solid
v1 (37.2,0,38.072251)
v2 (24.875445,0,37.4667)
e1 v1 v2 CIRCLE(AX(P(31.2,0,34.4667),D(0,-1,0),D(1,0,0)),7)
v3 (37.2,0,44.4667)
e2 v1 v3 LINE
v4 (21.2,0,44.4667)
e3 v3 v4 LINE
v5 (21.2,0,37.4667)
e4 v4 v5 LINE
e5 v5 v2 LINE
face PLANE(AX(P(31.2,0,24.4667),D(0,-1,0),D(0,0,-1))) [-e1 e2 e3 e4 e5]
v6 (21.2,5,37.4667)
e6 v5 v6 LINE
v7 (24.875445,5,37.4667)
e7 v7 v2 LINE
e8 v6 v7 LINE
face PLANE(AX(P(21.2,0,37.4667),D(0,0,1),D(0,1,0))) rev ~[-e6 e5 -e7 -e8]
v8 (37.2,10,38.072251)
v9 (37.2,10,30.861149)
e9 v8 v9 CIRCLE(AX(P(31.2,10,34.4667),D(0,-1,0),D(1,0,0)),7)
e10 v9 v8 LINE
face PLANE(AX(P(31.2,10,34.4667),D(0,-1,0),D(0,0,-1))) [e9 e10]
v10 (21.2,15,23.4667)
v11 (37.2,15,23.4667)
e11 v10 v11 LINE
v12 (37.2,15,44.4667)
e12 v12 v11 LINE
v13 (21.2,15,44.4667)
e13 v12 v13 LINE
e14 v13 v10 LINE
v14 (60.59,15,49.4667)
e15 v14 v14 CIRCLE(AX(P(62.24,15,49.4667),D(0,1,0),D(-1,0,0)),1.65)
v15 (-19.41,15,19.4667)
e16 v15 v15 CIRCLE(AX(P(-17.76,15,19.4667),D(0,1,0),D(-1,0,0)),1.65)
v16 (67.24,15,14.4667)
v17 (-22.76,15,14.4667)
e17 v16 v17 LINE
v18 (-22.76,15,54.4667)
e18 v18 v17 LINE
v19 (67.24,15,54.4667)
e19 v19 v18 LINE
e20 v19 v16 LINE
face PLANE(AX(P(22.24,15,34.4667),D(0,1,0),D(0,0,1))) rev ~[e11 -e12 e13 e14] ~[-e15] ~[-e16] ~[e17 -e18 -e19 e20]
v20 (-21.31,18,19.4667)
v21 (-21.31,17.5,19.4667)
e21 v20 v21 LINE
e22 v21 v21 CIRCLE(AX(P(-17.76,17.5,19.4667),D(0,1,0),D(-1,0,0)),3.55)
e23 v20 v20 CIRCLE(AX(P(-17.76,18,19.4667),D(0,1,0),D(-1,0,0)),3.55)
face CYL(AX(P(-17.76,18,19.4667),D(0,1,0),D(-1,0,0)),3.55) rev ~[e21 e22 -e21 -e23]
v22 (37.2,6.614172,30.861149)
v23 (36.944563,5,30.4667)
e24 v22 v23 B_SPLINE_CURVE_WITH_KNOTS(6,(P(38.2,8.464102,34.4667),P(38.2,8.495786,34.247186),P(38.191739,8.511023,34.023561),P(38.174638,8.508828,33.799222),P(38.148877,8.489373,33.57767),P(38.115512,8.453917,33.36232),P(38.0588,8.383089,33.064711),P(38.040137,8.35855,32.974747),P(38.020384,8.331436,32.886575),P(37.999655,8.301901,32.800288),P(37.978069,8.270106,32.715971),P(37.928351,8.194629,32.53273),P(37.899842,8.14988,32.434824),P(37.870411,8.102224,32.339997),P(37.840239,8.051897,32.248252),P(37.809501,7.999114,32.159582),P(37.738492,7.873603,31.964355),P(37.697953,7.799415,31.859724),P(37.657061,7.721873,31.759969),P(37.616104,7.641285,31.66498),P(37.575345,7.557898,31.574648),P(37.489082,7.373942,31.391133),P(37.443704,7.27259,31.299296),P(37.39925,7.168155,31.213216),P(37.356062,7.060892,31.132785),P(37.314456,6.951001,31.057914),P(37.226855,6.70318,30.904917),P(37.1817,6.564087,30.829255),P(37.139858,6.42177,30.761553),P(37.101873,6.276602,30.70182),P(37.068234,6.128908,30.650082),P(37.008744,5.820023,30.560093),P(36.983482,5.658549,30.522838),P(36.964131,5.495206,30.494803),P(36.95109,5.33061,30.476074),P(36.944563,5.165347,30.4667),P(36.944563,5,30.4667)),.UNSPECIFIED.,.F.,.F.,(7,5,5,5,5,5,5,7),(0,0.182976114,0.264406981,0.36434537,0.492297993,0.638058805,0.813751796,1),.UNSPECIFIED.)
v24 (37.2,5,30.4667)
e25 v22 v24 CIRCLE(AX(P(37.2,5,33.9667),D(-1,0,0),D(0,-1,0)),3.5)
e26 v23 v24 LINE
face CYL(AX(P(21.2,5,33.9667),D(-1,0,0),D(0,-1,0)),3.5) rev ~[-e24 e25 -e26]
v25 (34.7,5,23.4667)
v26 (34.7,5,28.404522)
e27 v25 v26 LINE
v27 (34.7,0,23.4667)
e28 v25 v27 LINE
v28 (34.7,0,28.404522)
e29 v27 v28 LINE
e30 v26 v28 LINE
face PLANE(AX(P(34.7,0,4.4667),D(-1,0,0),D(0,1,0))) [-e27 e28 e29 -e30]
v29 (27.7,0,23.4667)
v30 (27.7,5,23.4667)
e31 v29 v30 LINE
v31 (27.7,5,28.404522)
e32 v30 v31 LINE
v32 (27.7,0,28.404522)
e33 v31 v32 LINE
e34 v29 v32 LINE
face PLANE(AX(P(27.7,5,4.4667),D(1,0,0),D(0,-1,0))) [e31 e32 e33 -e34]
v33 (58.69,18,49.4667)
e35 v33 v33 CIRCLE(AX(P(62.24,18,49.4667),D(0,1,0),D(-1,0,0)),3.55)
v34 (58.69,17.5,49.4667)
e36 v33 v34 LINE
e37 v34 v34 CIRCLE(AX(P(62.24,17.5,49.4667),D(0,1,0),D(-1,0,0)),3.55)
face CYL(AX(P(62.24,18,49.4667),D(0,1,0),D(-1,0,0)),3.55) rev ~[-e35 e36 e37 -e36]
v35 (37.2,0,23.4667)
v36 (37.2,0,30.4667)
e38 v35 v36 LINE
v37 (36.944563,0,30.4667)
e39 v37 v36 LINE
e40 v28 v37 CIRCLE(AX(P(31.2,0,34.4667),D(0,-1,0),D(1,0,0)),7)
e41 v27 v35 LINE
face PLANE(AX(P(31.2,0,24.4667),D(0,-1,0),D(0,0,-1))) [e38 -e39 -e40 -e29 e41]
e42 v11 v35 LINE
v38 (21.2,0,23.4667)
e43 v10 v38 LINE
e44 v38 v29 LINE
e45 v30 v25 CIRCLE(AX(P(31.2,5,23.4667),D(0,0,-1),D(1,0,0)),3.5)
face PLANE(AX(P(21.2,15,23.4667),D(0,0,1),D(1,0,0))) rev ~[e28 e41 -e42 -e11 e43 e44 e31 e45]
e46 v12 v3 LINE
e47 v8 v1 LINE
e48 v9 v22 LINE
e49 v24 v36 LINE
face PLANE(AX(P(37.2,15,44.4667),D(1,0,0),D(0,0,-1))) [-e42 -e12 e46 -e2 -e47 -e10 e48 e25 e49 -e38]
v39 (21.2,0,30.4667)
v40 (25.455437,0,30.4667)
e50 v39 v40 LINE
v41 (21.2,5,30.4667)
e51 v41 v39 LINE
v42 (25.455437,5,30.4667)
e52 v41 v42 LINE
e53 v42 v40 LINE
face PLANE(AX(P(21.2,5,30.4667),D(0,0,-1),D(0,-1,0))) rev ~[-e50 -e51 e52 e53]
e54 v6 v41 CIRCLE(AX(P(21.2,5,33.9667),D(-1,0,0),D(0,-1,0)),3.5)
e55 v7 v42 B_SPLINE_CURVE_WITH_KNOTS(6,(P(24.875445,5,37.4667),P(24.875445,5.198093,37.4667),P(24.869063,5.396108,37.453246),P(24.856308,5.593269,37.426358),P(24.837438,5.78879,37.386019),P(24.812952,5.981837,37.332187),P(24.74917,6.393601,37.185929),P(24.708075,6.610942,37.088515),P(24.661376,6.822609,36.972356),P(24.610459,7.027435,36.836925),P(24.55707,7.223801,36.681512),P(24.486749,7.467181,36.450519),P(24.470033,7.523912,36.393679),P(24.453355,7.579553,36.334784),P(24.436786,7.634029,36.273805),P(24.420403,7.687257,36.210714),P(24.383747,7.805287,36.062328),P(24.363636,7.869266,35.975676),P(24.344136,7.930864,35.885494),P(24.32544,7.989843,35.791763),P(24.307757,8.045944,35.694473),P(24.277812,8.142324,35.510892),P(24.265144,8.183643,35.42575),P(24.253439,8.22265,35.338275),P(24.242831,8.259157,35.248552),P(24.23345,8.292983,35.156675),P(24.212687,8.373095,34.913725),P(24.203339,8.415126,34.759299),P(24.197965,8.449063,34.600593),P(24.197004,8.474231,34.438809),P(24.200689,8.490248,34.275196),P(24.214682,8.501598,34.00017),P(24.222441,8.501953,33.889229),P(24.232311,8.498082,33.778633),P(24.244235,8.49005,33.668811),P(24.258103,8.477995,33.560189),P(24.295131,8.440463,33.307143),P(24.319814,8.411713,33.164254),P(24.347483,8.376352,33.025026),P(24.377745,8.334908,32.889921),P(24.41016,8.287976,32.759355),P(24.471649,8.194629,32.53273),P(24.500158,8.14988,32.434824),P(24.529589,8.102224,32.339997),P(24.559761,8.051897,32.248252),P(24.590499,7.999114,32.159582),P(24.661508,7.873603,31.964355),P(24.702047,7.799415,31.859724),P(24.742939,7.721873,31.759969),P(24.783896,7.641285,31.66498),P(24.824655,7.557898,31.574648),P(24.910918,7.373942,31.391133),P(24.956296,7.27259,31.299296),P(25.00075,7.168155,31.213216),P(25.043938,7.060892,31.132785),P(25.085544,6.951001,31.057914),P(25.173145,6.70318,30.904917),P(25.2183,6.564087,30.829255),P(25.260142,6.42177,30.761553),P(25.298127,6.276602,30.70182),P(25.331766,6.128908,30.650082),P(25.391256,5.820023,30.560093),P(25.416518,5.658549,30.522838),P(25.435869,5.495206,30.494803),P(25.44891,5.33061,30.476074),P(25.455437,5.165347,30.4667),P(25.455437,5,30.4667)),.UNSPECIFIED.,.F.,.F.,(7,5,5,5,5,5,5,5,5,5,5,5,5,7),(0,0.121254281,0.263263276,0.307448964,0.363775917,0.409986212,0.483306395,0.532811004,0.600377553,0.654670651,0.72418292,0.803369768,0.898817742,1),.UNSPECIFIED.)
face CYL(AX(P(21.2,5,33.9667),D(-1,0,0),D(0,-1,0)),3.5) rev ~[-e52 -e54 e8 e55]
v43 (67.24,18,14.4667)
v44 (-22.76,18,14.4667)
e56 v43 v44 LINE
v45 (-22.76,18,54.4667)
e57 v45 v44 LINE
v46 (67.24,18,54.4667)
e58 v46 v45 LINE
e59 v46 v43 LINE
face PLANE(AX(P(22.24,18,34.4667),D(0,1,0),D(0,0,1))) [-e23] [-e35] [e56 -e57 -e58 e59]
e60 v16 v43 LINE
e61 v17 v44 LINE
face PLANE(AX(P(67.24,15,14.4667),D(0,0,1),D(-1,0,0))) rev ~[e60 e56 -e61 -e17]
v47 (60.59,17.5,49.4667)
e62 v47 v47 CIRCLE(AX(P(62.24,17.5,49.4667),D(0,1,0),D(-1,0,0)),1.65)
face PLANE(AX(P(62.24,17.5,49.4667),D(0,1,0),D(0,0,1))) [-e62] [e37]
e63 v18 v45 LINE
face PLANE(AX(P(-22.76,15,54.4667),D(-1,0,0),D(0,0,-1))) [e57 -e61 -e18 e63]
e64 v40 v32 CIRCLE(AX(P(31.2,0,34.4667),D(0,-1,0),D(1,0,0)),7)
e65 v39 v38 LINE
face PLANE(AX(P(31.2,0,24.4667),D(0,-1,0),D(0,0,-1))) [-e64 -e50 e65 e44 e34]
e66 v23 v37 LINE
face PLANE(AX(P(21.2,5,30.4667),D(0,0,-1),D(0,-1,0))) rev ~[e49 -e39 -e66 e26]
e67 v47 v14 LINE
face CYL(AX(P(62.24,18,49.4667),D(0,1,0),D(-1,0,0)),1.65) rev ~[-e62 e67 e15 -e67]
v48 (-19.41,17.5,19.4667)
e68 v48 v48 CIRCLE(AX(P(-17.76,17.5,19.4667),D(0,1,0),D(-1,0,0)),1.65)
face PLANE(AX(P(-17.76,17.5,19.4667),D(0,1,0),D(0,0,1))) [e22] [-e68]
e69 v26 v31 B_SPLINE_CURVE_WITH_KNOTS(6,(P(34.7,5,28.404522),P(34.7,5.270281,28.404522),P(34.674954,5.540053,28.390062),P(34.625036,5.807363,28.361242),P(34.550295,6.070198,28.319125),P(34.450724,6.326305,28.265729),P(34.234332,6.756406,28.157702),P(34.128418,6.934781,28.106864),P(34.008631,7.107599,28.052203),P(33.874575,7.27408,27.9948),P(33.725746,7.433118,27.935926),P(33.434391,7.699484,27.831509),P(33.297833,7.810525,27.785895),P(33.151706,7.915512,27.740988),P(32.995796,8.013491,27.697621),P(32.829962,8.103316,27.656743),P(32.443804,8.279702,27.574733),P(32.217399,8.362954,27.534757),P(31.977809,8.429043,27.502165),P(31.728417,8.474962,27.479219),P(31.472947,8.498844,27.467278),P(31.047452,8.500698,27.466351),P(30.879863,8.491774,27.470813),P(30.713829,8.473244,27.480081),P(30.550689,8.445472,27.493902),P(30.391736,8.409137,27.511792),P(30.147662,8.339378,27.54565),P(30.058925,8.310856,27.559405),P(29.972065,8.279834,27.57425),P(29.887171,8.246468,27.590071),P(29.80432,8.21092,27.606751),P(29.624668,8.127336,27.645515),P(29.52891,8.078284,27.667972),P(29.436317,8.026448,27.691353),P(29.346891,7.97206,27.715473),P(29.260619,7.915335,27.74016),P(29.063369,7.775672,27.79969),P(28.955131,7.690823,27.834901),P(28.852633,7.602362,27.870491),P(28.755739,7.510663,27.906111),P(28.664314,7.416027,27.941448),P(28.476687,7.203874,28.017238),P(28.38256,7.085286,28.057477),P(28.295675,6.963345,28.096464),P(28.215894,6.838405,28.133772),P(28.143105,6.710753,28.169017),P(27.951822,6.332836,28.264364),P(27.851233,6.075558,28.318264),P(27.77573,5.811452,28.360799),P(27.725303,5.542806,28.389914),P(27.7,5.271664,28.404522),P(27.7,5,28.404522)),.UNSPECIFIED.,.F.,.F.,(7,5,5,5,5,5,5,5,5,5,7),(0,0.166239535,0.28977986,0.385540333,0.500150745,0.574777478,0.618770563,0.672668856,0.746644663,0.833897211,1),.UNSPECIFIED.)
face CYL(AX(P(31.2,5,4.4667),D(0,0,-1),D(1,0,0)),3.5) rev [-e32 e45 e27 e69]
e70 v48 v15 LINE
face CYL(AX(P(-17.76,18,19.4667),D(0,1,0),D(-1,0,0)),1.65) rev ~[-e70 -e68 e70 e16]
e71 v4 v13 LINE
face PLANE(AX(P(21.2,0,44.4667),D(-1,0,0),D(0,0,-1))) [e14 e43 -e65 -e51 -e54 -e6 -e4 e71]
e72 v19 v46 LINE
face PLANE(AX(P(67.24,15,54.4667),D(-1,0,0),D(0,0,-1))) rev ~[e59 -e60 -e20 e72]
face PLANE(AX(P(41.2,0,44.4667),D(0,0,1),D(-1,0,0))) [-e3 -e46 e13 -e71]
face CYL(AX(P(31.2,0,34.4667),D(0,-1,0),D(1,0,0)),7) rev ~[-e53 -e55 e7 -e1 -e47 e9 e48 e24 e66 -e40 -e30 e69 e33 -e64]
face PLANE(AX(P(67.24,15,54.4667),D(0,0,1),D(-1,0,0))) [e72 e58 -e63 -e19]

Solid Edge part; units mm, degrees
sketch "Sketch1" plane through (0, 0, 0) normal (0, -1, 0) x (1, 0, 0)
  line L0 (21.2, 4.4667) -> (41.2, 4.4667)
  line L1 (41.2, 4.4667) -> (41.2, 44.4667)
  line L2 (41.2, 44.4667) -> (21.2, 44.4667)
  line L3 (21.2, 44.4667) -> (21.2, 4.4667)
  dimension "D1" = 20
  dimension "D2" = 40
extrude "Protrusion1" add sketch "Sketch1" against normal blind 15
sketch "Sketch2" plane through (31.2, 0, 24.4667) normal (0, -1, 0) x (1, 0, 0)
  circle A0 centre (0, 10) radius 7
  dimension "D1" = 14
  dimension "D2" = 10
extrude "ExtrudedCutout_1" cut sketch "Sketch2" against normal blind 10
sketch "Sketch3" plane through (21.2, 7.5, 24.4667) normal (-1, 0, 0) x (0, -1, 0)
  line L0 (7.5, 13) -> (2.5, 13)
  arc A0 (2.5, 13) -> (2.5, 6) centre (2.5, 9.5) ccw
  line L1 (2.5, 6) -> (7.5, 6)
  line L2 (7.5, 13) -> (7.5, 6)
  dimension "D1" = 7
  dimension "D2" = 3.5
  dimension "D3" = 5
extrude "Cutout1" cut sketch "Sketch3" against normal through all
sketch "Sketch4" plane through (31.2, 15, 24.4667) normal (0, 1, 0) x (-1, 0, 0)
  line L0 (-10, 20) -> (-6, 20)
  line L1 (-6, 20) -> (-6, -20)
  line L2 (-6, -20) -> (-10, -20)
  line L3 (-10, -20) -> (-10, 20)
  dimension "D1" = 4
extrude "Cutout2" cut sketch "Sketch4" against normal through all
sketch "Sketch5" plane through (28.2, 7.5, 4.4667) normal (0, 0, -1) x (1, 0, 0)
  line L0 (6.5, 7.5) -> (6.5, 2.5)
  arc A0 (6.5, 2.5) -> (-0.5, 2.5) centre (3, 2.5) cw
  line L1 (-0.5, 2.5) -> (-0.5, 7.5)
  line L2 (6.5, 7.5) -> (-0.5, 7.5)
  dimension "D1" = 3.5
  dimension "D2" = 3.5
  dimension "D3" = 5
  dimension "D4" = 5
  dimension "D5" = 3
extrude "Cutout3" cut sketch "Sketch5" against normal up to next
sketch "Sketch6" plane through (28.2, 15, 24.4667) normal (0, 1, 0) x (-1, 0, 0)
  line L0 (-9, -20) -> (7, -20)
  line L1 (7, -20) -> (7, -1)
  line L2 (7, -1) -> (-9, -1)
  line L3 (-9, -1) -> (-9, -20)
  dimension "D1" = 19
extrude "Cutout4" cut sketch "Sketch6" against normal up to next
sketch "Sketch7" plane through (28.2, 15, 33.9667) normal (0, 1, 0) x (-1, 0, 0)
  line L0 (-39.04, 20.5) -> (-39.04, -19.5)
  line L1 (-39.04, -19.5) -> (50.96, -19.5)
  line L2 (50.96, 20.5) -> (50.96, -19.5)
  line L3 (-39.04, 20.5) -> (50.96, 20.5)
  dimension "D1" = 40
  dimension "D2" = 36.04
  dimension "D3" = 90
  dimension "D4" = 40
extrude "ExtrudedProtrusion_2" add sketch "Sketch7" along normal blind 3
sketch "Sketch8" plane through (19.24, 18, 34.4667) normal (0, 1, 0) x (-1, 0, 0)
  circle A0 centre (-43, 15) radius 1.65
  circle A1 centre (37, -15) radius 1.65
  dimension "D1" = 3.3
  dimension "D2" = 5
  dimension "D3" = 5
  dimension "D4" = 3.3
  dimension "D5" = 5
  dimension "D6" = 5
extrude "Cutout5" cut sketch "Sketch8" against normal through all
sketch "Sketch9" plane through (19.24, 18, 34.4667) normal (0, 1, 0) x (-1, 0, 0)
  circle A0 centre (-43, 15) radius 3.55
  circle A1 centre (37, -15) radius 3.55
extrude "ExtrudedCutout_9" cut sketch "Sketch9" against normal blind 0.5
